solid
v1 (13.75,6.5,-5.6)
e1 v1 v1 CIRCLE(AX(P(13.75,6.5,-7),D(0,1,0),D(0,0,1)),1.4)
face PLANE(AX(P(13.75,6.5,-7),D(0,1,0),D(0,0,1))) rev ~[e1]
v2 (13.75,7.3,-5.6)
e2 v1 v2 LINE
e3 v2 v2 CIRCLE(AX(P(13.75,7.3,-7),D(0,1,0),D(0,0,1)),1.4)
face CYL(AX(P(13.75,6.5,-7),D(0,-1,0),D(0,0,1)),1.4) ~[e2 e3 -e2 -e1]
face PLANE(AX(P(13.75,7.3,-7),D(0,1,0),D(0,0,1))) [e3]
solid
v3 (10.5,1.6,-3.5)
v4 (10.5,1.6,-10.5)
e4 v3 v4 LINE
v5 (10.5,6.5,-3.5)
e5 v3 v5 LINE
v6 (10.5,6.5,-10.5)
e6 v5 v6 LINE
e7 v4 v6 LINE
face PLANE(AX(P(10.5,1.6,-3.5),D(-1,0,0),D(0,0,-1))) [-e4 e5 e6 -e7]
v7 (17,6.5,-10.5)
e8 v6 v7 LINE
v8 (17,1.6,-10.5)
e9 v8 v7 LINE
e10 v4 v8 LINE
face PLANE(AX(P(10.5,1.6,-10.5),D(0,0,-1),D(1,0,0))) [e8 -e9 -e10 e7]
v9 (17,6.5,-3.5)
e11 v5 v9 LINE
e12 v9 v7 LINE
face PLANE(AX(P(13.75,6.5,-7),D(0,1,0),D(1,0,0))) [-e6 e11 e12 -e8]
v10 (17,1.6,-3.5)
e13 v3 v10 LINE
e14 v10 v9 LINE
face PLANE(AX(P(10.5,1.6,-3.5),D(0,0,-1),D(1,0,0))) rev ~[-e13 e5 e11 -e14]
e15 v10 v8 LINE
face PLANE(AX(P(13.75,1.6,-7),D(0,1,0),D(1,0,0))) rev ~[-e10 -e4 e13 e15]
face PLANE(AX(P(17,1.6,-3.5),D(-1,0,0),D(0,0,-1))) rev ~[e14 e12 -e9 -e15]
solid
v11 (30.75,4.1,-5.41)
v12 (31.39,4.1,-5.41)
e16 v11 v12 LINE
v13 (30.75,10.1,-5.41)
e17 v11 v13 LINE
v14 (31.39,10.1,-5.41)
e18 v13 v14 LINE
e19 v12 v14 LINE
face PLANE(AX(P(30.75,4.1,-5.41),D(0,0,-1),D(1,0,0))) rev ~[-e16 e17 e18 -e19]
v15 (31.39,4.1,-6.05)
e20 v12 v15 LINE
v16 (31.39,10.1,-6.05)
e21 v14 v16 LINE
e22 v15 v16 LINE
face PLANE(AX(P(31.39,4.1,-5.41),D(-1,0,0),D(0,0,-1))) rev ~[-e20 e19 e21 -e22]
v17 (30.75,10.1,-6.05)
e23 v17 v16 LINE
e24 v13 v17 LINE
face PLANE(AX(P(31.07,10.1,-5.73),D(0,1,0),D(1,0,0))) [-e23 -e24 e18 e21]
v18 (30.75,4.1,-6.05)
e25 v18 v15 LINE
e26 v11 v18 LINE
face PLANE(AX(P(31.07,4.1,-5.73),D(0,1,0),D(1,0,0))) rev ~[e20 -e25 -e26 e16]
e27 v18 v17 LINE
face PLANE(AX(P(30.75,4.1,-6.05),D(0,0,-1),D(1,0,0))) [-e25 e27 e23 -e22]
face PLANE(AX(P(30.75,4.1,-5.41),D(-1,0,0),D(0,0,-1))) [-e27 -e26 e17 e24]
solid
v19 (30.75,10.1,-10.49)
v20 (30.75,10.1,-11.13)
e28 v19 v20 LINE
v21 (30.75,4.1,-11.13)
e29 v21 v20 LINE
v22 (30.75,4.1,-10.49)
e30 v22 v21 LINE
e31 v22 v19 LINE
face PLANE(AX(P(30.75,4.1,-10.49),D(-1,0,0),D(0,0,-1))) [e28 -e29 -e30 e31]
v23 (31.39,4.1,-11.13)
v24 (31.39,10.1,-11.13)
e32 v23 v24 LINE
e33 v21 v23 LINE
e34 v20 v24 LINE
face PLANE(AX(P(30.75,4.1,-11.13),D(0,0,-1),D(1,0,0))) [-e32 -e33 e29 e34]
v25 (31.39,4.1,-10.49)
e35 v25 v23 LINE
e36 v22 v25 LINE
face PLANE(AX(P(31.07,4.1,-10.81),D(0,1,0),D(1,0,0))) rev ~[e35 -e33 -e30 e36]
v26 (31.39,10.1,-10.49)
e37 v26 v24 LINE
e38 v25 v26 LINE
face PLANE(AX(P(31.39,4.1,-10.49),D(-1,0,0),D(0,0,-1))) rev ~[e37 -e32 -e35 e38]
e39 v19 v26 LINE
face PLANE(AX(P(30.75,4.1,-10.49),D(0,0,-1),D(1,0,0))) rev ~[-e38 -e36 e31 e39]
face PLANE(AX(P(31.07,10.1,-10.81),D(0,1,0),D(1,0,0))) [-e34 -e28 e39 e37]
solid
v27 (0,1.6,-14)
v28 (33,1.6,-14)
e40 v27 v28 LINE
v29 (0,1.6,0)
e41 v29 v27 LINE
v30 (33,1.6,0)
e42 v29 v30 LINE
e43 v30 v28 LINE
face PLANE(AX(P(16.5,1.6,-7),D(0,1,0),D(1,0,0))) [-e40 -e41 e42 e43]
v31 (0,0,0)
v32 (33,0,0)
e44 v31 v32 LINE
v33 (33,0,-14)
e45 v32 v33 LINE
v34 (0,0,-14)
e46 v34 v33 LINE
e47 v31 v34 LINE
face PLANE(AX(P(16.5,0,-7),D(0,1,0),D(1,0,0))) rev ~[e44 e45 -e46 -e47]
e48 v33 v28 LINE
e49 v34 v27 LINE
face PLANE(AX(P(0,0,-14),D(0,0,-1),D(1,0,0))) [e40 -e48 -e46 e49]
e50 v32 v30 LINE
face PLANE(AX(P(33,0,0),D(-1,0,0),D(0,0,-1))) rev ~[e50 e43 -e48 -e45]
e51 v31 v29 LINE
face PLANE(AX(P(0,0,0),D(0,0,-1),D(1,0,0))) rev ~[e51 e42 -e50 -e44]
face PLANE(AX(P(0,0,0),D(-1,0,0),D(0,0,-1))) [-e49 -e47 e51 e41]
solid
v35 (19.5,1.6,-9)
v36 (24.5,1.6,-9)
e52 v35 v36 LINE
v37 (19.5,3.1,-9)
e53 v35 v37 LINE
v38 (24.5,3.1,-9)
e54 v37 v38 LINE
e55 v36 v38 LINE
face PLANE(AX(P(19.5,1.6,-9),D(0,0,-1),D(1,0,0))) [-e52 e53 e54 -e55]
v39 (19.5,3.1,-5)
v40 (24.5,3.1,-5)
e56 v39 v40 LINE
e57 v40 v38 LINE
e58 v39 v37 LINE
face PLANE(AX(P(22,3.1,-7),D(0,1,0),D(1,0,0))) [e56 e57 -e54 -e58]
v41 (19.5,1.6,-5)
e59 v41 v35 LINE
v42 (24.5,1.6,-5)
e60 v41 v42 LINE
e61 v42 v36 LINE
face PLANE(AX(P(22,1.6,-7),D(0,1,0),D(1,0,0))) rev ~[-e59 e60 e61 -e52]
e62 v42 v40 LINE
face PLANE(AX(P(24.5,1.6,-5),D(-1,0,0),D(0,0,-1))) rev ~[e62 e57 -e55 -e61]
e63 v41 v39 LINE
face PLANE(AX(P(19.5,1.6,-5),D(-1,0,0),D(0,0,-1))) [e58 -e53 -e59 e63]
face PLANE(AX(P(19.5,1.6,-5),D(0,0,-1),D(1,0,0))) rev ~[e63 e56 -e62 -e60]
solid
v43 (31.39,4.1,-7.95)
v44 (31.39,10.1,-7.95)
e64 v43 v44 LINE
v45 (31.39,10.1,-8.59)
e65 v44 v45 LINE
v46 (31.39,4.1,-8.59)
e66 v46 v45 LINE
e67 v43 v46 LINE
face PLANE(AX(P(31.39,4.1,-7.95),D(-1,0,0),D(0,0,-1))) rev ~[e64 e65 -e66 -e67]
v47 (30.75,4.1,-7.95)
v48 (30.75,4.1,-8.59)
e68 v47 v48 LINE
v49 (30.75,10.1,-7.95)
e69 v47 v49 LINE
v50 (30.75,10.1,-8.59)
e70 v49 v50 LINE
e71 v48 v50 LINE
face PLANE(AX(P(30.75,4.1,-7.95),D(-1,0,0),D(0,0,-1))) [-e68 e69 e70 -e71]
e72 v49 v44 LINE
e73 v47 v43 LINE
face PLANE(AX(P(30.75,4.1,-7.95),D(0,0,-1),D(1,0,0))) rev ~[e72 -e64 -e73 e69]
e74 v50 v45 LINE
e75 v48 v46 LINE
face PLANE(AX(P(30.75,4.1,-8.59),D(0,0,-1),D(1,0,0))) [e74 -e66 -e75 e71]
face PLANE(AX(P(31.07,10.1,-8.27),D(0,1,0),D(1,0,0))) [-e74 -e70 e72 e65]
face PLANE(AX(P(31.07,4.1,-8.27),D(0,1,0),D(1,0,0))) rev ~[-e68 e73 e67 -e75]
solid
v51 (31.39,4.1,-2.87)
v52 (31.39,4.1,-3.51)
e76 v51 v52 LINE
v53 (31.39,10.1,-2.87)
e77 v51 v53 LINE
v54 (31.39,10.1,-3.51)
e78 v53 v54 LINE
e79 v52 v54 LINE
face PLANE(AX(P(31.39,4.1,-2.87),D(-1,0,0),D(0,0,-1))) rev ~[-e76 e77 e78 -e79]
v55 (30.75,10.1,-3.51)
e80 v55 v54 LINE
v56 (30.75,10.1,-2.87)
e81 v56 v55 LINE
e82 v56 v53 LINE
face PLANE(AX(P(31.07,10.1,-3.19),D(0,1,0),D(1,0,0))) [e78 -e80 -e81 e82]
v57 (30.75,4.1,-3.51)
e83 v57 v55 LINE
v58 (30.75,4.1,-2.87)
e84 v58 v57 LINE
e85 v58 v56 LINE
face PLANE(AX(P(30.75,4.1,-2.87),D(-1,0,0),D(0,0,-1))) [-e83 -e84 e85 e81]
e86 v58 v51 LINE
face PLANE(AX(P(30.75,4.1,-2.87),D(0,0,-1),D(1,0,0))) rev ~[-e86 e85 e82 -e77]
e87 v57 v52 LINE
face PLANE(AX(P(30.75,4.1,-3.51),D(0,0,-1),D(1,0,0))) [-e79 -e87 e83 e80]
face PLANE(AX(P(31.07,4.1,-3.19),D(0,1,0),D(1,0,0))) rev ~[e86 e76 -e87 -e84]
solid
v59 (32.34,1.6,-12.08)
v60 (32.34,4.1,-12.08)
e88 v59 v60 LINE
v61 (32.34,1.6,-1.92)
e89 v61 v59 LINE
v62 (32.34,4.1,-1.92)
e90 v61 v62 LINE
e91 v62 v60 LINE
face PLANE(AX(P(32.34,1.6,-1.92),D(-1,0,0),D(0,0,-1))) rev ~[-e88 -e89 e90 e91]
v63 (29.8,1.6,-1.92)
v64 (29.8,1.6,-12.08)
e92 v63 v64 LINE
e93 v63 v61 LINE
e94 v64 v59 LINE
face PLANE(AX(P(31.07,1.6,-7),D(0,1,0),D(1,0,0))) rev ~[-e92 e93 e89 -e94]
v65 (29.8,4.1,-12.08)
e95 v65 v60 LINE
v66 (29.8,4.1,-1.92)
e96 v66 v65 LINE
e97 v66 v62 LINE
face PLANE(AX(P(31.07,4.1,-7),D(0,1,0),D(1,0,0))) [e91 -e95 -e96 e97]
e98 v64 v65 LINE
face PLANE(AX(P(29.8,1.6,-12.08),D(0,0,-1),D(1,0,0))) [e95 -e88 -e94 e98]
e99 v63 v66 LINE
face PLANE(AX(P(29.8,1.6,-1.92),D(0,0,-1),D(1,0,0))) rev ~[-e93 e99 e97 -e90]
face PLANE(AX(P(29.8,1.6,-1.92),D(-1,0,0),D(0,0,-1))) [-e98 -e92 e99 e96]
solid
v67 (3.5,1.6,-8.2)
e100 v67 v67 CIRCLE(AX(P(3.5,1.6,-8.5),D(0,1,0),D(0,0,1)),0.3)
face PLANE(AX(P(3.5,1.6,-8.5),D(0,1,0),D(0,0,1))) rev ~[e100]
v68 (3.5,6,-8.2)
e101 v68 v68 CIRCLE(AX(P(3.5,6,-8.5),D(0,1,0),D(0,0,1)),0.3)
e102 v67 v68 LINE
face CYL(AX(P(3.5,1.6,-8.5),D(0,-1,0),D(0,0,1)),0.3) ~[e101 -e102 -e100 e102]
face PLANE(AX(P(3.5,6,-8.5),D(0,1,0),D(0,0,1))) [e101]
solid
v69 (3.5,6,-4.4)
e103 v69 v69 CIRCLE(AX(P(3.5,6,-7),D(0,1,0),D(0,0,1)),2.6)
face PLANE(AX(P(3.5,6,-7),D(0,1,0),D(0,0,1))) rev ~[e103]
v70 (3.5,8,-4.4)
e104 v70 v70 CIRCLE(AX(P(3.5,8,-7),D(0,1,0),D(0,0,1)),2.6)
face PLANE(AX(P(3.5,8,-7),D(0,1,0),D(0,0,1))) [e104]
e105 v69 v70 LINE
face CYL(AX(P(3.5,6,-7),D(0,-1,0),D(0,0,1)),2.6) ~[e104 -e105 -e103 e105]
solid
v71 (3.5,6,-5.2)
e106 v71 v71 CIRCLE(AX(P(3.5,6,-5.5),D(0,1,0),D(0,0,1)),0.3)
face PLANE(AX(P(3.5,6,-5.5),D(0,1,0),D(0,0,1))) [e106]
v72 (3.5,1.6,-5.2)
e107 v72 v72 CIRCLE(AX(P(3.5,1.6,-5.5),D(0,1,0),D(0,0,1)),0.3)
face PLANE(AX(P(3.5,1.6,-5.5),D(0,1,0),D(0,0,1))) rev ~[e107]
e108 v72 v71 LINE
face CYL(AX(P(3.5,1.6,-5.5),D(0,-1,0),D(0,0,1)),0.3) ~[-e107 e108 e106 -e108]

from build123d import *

# Parameters (mm, degrees)
SK_PCB_W            = 33
SK_PCB_H            = 14
PCB_DEPTH           = 1.6
LDR_START           = 1.6
SK_LDR_LEGS_R       = 0.3
LDR_LEGS_DEPTH      = 4.4
LDR_LEGS_2_DEPTH    = 4.4
LDR_START_2         = 6
SK_LDR_CELL_R       = 2.6
LDR_CELL_DEPTH      = 2
TRIM_START          = 1.6
SK_TRIM_POT_W       = 6.5
SK_TRIM_POT_H       = 7
TRIM_POT_DEPTH      = 4.9
POT_START           = 6.5
SK_POT_SCREW_R      = 1.4
POT_SCREW_DEPTH     = 0.8
LM393_START         = 1.6
SK_LM393_W          = 5
SK_LM393_H          = 4
LM393_DEPTH         = 1.5
HEADER_START        = 1.6
SK_HEADER_4_PIN_W   = 2.54
SK_HEADER_4_PIN_H   = 10.16
HEADER_4_PIN_DEPTH  = 2.5
HEADER_START_2      = 4.1
SK_HEADER_PINS_W    = 0.64
SK_HEADER_PINS_H    = 0.64
HEADER_PINS_DEPTH   = 6
HEADER_PINS_2_DEPTH = 6
HEADER_PINS_3_DEPTH = 6
HEADER_PINS_4_DEPTH = 6


with BuildPart() as part:
    # SK PCB → PCB (new body)
    with BuildSketch(Plane(origin=(0, 0, 0), x_dir=(1, 0, 0), z_dir=(0, 1, 0))):
        with Locations((16.5, 7)):
            Rectangle(SK_PCB_W, SK_PCB_H)
    extrude(amount=PCB_DEPTH)


with BuildPart() as body_2:
    # SK LDR legs → LDR legs (new body)
    with BuildSketch(Plane(origin=(0, 0, 0), x_dir=(1, 0, 0), z_dir=(0, 1, 0)).offset(LDR_START)):
        with Locations(Location((3.5, 5.5, 0), (0, 0, 270))):
            Circle(SK_LDR_LEGS_R)
    extrude(amount=LDR_LEGS_DEPTH)


with BuildPart() as body_3:
    # SK LDR legs → LDR legs 2 (new body)
    with BuildSketch(Plane(origin=(0, 0, 0), x_dir=(1, 0, 0), z_dir=(0, 1, 0)).offset(LDR_START)):
        with Locations(Location((3.5, 8.5, 0), (0, 0, 270))):
            Circle(SK_LDR_LEGS_R)
    extrude(amount=LDR_LEGS_2_DEPTH)


with BuildPart() as body_4:
    # SK LDR cell → LDR cell (new body)
    with BuildSketch(Plane(origin=(0, 0, 0), x_dir=(1, 0, 0), z_dir=(0, 1, 0)).offset(LDR_START_2)):
        with Locations(Location((3.5, 7, 0), (0, 0, 270))):
            Circle(SK_LDR_CELL_R)
    extrude(amount=LDR_CELL_DEPTH)


with BuildPart() as body_5:
    # SK Trim pot → Trim pot (new body)
    with BuildSketch(Plane(origin=(0, 0, 0), x_dir=(1, 0, 0), z_dir=(0, 1, 0)).offset(TRIM_START)):
        with Locations((13.75, 7)):
            Rectangle(SK_TRIM_POT_W, SK_TRIM_POT_H)
    extrude(amount=TRIM_POT_DEPTH)


with BuildPart() as body_6:
    # SK Pot screw → Pot screw (new body)
    with BuildSketch(Plane(origin=(0, 0, 0), x_dir=(1, 0, 0), z_dir=(0, 1, 0)).offset(POT_START)):
        with Locations(Location((13.75, 7, 0), (0, 0, 270))):
            Circle(SK_POT_SCREW_R)
    extrude(amount=POT_SCREW_DEPTH)


with BuildPart() as body_7:
    # SK LM393 → LM393 (new body)
    with BuildSketch(Plane(origin=(0, 0, 0), x_dir=(1, 0, 0), z_dir=(0, 1, 0)).offset(LM393_START)):
        with Locations((22, 7)):
            Rectangle(SK_LM393_W, SK_LM393_H)
    extrude(amount=LM393_DEPTH)


with BuildPart() as body_8:
    # SK Header 4 pin → Header 4 pin (new body)
    with BuildSketch(Plane(origin=(0, 0, 0), x_dir=(1, 0, 0), z_dir=(0, 1, 0)).offset(HEADER_START)):
        with Locations((31.07, 7)):
            Rectangle(SK_HEADER_4_PIN_W, SK_HEADER_4_PIN_H)
    extrude(amount=HEADER_4_PIN_DEPTH)


with BuildPart() as body_9:
    # SK Header pins → Header pins (new body)
    with BuildSketch(Plane(origin=(0, 0, 0), x_dir=(1, 0, 0), z_dir=(0, 1, 0)).offset(HEADER_START_2)):
        with Locations((31.07, 10.81)):
            Rectangle(SK_HEADER_PINS_W, SK_HEADER_PINS_H)
    extrude(amount=HEADER_PINS_DEPTH)


with BuildPart() as body_10:
    # SK Header pins → Header pins 2 (new body)
    with BuildSketch(Plane(origin=(0, 0, 0), x_dir=(1, 0, 0), z_dir=(0, 1, 0)).offset(HEADER_START_2)):
        with Locations((31.07, 8.27)):
            Rectangle(SK_HEADER_PINS_W, SK_HEADER_PINS_H)
    extrude(amount=HEADER_PINS_2_DEPTH)


with BuildPart() as body_11:
    # SK Header pins → Header pins 3 (new body)
    with BuildSketch(Plane(origin=(0, 0, 0), x_dir=(1, 0, 0), z_dir=(0, 1, 0)).offset(HEADER_START_2)):
        with Locations((31.07, 5.73)):
            Rectangle(SK_HEADER_PINS_W, SK_HEADER_PINS_H)
    extrude(amount=HEADER_PINS_3_DEPTH)


with BuildPart() as body_12:
    # SK Header pins → Header pins 4 (new body)
    with BuildSketch(Plane(origin=(0, 0, 0), x_dir=(1, 0, 0), z_dir=(0, 1, 0)).offset(HEADER_START_2)):
        with Locations((31.07, 3.19)):
            Rectangle(SK_HEADER_PINS_W, SK_HEADER_PINS_H)
    extrude(amount=HEADER_PINS_4_DEPTH)


solid = Compound([part.part, body_2.part, body_3.part, body_4.part, body_5.part, body_6.part, body_7.part, body_8.part, body_9.part, body_10.part, body_11.part, body_12.part])
